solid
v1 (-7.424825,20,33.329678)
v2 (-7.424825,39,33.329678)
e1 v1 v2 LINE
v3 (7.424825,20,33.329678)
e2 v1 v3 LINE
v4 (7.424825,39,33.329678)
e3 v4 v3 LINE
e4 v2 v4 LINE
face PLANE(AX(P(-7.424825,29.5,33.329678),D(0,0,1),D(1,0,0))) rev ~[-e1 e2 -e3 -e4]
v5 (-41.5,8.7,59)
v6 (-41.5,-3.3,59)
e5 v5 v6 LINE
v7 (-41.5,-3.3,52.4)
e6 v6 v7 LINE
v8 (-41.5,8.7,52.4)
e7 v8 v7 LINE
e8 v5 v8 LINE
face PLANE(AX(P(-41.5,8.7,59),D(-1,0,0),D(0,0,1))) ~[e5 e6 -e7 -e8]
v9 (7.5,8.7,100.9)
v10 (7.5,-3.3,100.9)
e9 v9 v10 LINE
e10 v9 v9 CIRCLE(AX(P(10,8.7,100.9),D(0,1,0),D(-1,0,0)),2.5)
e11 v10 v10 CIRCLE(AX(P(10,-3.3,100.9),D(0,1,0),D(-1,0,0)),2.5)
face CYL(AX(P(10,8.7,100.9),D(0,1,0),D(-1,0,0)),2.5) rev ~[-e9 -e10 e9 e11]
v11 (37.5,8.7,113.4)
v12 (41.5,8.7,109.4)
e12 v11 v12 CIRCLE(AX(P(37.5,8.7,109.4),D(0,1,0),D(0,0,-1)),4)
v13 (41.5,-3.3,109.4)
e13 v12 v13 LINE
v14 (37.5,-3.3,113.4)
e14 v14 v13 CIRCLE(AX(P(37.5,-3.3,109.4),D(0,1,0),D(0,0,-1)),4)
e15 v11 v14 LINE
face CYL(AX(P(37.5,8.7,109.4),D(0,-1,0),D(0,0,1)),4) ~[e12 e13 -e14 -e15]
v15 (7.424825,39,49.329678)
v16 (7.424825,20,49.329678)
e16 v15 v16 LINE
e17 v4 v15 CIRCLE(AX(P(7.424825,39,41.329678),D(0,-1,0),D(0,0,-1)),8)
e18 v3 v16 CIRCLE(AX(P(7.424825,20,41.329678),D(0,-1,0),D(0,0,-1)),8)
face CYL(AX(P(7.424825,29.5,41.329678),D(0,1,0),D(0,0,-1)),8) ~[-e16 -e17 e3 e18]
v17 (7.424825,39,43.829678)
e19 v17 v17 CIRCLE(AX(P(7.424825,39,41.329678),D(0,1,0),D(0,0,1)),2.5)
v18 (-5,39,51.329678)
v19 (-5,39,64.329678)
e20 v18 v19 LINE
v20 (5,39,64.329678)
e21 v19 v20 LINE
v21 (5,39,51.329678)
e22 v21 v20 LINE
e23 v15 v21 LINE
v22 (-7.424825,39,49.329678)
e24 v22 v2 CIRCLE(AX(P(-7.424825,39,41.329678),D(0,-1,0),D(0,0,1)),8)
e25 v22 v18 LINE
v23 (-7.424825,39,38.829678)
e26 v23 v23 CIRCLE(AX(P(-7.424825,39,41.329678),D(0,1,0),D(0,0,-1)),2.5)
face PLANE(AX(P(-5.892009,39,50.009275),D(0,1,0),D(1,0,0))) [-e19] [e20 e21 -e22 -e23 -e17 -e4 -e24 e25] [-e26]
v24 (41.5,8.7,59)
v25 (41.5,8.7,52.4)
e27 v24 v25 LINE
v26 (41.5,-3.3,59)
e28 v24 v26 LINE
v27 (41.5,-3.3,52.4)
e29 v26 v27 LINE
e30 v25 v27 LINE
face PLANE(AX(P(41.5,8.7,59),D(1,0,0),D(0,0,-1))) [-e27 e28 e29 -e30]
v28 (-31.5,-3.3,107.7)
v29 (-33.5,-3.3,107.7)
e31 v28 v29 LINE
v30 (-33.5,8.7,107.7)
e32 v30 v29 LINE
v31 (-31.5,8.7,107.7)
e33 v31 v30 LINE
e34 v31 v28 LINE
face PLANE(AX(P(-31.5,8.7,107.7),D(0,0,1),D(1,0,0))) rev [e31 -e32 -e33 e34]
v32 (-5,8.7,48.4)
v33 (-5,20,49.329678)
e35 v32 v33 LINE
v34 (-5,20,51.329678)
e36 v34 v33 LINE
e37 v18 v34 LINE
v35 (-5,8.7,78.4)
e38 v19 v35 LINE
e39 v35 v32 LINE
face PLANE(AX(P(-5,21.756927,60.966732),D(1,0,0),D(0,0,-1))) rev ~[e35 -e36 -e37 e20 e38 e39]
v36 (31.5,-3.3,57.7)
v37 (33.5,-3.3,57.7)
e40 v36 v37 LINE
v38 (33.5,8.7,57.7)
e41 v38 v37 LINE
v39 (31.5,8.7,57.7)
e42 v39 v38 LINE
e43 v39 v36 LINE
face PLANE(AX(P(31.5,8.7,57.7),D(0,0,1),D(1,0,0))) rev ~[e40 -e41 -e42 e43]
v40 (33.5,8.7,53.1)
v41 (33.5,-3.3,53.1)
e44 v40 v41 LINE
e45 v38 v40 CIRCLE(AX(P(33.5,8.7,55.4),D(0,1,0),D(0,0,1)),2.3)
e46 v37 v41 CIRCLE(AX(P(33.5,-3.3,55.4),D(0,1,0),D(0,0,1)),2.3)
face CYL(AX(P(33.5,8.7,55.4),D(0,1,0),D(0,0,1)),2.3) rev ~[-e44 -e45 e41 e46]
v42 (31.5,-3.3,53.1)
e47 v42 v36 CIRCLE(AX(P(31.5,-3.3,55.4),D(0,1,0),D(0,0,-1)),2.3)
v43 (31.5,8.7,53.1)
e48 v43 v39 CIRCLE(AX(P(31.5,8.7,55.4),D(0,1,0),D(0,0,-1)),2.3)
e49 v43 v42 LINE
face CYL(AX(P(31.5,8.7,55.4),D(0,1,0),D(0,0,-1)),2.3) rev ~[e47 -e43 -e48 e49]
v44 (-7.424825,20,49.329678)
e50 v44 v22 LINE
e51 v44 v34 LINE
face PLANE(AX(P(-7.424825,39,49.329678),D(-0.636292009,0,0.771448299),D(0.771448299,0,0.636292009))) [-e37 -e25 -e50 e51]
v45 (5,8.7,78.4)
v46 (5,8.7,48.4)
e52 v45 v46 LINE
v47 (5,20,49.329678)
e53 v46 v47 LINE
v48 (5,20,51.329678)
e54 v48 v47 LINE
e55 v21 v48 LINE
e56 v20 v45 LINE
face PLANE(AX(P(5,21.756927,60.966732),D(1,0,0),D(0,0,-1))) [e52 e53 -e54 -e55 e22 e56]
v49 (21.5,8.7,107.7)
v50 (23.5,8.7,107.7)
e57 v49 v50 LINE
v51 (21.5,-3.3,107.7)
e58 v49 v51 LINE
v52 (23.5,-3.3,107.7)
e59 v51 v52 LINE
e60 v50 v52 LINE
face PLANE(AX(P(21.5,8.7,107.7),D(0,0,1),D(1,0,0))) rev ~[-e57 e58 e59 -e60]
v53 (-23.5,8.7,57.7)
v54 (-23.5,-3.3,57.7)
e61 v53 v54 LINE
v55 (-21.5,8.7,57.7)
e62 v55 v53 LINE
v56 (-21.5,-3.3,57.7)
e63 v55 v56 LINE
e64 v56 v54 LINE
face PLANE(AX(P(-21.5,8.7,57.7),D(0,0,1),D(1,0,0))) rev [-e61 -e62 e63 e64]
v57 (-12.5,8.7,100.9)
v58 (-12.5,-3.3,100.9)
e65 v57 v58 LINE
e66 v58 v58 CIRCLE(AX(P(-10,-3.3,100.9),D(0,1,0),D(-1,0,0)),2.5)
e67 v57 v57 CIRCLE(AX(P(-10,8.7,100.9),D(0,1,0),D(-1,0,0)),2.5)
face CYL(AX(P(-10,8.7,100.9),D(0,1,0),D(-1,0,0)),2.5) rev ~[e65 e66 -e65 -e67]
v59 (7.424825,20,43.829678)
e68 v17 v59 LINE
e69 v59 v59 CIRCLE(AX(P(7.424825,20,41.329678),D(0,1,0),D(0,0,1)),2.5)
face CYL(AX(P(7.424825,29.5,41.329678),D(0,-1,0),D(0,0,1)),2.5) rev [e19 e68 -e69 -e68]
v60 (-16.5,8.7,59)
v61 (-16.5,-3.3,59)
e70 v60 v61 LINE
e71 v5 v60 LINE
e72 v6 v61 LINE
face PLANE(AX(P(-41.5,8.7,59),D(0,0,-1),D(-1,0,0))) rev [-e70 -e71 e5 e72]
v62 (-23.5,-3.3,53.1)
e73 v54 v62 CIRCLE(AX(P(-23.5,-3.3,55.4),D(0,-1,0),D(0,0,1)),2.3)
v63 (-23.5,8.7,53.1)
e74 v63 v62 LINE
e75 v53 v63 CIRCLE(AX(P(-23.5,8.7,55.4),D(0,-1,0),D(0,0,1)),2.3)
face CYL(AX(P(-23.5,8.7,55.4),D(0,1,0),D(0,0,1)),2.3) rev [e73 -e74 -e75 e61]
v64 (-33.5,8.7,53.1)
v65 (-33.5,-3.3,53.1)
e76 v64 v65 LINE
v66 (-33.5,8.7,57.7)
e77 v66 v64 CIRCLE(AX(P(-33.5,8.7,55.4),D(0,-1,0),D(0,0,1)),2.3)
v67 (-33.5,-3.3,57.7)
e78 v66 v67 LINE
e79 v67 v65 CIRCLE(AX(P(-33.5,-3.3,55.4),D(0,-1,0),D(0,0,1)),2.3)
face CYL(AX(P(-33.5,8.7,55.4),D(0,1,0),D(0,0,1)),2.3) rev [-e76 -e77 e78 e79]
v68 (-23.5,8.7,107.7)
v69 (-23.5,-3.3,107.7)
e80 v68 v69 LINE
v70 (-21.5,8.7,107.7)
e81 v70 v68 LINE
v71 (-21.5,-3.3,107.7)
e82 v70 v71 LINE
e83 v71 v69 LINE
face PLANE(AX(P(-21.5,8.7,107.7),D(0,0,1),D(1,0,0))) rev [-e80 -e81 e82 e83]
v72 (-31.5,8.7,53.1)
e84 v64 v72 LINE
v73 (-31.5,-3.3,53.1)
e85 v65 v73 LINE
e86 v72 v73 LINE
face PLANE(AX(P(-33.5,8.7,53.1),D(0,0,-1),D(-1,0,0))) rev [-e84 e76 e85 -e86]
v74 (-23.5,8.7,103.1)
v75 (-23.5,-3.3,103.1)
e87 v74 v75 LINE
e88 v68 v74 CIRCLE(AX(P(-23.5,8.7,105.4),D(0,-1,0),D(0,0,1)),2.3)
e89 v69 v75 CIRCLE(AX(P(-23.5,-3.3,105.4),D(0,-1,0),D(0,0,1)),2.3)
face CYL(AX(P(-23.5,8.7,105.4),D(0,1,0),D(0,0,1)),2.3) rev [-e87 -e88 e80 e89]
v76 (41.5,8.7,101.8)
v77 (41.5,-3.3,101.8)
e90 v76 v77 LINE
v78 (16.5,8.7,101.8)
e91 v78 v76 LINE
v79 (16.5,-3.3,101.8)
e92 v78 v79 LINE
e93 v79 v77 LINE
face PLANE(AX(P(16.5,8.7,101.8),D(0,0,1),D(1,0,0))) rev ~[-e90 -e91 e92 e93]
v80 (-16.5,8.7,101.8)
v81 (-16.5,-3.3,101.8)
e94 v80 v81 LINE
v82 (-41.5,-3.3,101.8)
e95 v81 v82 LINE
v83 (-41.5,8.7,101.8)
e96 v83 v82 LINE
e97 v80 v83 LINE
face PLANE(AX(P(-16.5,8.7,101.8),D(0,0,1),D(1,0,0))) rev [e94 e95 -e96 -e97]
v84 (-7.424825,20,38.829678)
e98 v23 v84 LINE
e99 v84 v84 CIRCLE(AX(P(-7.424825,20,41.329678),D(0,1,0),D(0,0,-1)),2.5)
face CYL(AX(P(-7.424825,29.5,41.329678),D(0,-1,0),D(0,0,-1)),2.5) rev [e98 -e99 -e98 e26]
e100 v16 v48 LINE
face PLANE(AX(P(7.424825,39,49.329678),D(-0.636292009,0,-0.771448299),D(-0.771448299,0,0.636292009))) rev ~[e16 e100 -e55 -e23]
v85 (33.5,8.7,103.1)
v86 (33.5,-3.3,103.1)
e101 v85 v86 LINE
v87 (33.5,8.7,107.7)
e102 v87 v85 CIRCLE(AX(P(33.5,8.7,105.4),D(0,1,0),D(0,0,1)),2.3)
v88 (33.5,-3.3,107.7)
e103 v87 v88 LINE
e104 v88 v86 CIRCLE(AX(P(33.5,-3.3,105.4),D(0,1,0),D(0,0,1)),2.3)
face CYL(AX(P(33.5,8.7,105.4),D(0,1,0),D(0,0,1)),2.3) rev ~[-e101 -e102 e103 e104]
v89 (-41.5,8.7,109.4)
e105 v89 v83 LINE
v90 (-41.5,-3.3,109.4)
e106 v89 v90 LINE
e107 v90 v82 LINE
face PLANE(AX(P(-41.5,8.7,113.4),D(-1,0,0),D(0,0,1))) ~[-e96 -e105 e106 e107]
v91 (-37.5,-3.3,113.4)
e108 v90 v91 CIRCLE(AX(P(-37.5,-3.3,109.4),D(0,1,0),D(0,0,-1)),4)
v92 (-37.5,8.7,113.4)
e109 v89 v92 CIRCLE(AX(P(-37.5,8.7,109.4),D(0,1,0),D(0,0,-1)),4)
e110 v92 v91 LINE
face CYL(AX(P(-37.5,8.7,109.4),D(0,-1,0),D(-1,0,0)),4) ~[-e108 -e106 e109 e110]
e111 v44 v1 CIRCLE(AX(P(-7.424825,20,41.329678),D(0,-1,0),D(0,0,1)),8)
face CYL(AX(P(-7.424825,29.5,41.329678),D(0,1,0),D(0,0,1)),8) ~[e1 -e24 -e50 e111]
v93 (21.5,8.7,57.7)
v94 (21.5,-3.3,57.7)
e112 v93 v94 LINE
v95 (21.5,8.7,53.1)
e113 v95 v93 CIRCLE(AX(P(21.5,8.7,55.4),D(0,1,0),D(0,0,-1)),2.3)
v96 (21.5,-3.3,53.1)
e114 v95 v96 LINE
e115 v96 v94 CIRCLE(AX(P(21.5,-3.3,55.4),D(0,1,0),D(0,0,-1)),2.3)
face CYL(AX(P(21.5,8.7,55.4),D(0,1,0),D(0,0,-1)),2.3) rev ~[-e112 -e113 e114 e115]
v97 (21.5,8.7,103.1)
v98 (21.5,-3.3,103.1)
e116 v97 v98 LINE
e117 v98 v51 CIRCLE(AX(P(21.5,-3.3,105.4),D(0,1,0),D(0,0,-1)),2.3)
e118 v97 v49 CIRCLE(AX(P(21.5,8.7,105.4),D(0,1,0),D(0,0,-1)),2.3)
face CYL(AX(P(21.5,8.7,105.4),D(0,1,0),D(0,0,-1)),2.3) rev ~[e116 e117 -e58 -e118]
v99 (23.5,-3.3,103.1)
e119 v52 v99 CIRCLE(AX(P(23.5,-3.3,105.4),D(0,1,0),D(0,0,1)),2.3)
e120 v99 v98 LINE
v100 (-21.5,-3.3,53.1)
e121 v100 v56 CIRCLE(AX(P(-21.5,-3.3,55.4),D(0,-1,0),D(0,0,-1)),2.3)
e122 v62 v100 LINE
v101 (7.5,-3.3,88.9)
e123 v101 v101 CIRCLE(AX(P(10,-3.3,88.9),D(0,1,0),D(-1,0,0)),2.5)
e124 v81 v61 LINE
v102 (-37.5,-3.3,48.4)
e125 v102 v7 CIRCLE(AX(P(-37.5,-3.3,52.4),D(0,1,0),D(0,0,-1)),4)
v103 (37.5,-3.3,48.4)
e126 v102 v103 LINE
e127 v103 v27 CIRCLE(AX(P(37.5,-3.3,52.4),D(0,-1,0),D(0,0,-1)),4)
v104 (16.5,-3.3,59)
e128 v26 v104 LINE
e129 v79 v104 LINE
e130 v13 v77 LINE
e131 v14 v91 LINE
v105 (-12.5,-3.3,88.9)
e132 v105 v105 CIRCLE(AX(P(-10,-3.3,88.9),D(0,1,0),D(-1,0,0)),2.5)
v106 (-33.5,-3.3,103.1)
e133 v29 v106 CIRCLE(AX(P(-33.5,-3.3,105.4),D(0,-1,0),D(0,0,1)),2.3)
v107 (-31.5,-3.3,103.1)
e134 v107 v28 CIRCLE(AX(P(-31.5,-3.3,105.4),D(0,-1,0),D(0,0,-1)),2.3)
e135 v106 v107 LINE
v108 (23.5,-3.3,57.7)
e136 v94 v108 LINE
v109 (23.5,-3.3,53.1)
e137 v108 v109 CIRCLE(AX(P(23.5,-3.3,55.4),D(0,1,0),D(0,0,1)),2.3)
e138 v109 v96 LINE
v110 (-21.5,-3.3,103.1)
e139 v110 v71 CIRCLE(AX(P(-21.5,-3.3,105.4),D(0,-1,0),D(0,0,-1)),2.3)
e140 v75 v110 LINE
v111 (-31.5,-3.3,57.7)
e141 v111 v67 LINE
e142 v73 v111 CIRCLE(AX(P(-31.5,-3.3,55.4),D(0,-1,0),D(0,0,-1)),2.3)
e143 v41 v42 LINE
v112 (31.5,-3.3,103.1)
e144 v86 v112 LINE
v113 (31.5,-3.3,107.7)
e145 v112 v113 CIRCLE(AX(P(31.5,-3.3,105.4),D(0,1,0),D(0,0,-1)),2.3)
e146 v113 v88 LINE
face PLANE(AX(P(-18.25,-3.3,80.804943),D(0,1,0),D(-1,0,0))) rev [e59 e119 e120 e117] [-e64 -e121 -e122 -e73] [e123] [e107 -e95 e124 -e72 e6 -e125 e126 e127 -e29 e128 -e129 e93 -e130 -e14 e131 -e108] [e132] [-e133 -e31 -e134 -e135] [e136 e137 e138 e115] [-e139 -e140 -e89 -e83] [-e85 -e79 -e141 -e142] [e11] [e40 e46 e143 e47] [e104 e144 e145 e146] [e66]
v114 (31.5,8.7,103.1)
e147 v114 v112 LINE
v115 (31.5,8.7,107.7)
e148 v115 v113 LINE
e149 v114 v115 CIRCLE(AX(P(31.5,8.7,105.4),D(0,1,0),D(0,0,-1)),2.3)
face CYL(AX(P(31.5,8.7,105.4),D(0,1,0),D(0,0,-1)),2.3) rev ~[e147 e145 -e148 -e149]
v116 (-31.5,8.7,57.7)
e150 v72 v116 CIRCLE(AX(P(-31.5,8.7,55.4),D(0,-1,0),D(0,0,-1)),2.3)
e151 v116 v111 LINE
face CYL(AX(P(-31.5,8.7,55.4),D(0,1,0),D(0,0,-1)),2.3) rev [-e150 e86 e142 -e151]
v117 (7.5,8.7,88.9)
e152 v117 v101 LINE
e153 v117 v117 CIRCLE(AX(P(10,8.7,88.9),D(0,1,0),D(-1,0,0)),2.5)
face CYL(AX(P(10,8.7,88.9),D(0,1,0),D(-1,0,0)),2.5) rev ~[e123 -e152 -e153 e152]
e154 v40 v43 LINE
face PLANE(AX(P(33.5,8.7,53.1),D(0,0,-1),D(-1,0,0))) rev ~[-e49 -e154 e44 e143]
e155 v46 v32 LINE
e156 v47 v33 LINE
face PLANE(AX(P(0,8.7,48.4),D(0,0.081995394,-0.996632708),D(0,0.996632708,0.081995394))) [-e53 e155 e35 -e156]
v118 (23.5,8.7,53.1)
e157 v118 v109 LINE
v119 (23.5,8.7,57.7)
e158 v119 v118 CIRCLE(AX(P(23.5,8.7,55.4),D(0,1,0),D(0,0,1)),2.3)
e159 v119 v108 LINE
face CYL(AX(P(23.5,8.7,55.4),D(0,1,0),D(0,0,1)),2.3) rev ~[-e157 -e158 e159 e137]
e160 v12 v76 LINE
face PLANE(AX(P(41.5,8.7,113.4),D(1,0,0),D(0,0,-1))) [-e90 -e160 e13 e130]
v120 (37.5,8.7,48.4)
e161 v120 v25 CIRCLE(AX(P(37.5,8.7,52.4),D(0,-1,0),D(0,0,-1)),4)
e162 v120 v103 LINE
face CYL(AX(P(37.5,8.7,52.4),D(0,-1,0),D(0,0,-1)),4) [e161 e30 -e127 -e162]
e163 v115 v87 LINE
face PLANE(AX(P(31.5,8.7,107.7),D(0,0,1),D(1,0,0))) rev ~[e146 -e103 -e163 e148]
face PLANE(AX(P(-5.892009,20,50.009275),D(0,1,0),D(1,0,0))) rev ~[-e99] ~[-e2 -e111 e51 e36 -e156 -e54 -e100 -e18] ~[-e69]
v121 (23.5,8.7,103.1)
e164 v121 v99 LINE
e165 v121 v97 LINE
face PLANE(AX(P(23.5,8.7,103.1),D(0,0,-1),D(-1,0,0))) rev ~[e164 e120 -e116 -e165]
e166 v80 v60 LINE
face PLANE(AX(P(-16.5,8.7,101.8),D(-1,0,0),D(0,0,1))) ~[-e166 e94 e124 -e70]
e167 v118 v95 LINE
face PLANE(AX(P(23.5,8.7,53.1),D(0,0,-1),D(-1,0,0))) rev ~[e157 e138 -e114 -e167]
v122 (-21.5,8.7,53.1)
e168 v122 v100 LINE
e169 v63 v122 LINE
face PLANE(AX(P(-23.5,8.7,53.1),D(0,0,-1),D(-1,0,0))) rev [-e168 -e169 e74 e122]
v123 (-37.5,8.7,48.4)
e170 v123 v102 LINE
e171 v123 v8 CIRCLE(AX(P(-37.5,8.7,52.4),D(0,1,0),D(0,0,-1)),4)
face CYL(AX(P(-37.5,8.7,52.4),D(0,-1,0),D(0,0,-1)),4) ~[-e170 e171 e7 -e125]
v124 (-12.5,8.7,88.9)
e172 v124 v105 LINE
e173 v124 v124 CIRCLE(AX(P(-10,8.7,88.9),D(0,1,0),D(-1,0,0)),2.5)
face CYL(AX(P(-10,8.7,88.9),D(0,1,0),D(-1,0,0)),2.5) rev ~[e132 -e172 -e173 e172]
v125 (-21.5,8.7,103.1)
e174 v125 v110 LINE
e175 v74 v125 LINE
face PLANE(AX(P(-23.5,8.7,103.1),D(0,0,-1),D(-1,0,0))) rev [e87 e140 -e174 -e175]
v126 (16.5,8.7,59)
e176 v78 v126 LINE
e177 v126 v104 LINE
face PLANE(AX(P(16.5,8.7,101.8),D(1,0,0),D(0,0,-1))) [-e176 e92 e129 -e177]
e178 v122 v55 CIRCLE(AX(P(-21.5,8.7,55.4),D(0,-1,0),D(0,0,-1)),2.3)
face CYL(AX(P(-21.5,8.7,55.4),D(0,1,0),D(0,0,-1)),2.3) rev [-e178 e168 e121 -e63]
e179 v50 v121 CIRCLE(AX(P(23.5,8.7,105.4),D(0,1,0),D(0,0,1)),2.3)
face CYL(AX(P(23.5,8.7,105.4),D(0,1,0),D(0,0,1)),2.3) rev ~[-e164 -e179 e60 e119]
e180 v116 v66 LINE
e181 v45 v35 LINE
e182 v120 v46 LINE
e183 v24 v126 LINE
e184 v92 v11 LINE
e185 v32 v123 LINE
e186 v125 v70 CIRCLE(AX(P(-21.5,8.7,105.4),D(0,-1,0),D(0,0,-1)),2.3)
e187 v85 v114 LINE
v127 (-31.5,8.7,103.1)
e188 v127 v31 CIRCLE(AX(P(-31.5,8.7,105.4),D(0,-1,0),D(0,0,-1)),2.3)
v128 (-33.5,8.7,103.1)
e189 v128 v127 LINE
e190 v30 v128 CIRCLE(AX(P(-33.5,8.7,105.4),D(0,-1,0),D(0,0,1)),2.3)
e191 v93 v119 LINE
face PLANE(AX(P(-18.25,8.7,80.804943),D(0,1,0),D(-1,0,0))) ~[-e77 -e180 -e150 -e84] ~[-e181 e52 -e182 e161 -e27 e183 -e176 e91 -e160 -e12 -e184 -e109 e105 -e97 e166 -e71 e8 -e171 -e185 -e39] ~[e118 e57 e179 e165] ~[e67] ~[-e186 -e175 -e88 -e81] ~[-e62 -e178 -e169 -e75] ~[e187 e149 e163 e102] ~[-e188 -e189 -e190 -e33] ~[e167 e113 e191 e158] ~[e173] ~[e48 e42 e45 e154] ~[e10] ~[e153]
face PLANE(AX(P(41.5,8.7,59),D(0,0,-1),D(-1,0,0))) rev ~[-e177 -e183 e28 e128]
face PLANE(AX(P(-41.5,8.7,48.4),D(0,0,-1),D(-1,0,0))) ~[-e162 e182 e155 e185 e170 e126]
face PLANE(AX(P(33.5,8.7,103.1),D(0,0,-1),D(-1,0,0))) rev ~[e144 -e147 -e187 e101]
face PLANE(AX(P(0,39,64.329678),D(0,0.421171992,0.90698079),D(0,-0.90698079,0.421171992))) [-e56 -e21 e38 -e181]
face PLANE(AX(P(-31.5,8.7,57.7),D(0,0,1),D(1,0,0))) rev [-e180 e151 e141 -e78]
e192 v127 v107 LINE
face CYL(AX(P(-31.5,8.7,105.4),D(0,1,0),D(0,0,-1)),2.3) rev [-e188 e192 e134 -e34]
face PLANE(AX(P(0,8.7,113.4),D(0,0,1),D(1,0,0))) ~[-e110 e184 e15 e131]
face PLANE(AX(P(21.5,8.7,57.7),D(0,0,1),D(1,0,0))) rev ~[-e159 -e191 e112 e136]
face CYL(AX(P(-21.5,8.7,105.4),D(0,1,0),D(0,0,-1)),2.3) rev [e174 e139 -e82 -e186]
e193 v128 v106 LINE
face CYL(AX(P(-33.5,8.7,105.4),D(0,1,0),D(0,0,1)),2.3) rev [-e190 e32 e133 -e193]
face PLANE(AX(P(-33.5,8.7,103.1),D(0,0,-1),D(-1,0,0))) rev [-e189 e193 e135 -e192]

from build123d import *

# Parameters (mm, degrees)
BOSS_EXTRU_1_DEPTH      = 12
ESQUISSE6_R             = 2.5
BOSS_EXTRU_2_DEPTH      = 9.5
BOSS_EXTRU_3_DEPTH      = 5
CONG_1_R                = 4
ESQUISSE8_R             = 2.5
ENL_V_MAT_EXTRU_1_DEPTH = 125.49859437
BOSS_EXTRU_4_DEPTH      = 19


with BuildPart() as part:
    # Esquisse1 → Boss.-Extru.1 (new body)
    with BuildSketch(Plane.XZ.offset(-8.7)):
        Polygon((38.5, 59), (41.5, 59), (41.5, 48.4), (0, 48.4), (0, 113.4), (41.5, 113.4), (41.5, 101.8), (38.5, 101.8), (16.5, 101.8), (16.5, 59), align=None)
        with BuildLine():
            Line((21.5, 57.7), (23.5, 57.7))
            ThreePointArc((23.5, 57.7), (25.8, 55.4), (23.5, 53.1))
            Line((23.5, 53.1), (21.5, 53.1))
            ThreePointArc((21.5, 53.1), (19.2, 55.4), (21.5, 57.7))
        make_face(mode=Mode.SUBTRACT)
        with BuildLine():
            Line((31.5, 57.7), (33.5, 57.7))
            ThreePointArc((33.5, 57.7), (35.8, 55.4), (33.5, 53.1))
            Line((33.5, 53.1), (31.5, 53.1))
            ThreePointArc((31.5, 53.1), (29.2, 55.4), (31.5, 57.7))
        make_face(mode=Mode.SUBTRACT)
        with BuildLine():
            Line((21.5, 107.7), (23.5, 107.7))
            ThreePointArc((23.5, 107.7), (25.8, 105.4), (23.5, 103.1))
            Line((23.5, 103.1), (21.5, 103.1))
            ThreePointArc((21.5, 103.1), (19.2, 105.4), (21.5, 107.7))
        make_face(mode=Mode.SUBTRACT)
        with BuildLine():
            Line((31.5, 107.7), (33.5, 107.7))
            ThreePointArc((33.5, 107.7), (35.8, 105.4), (33.5, 103.1))
            Line((33.5, 103.1), (31.5, 103.1))
            ThreePointArc((31.5, 103.1), (29.2, 105.4), (31.5, 107.7))
        make_face(mode=Mode.SUBTRACT)
    boss_extru_1 = extrude(amount=BOSS_EXTRU_1_DEPTH)

    # Symétrie1: Boss.-Extru.1 across plane
    add(boss_extru_1.mirror(Plane(origin=(0, 0, 0), x_dir=(0, 0, 1), z_dir=(1, 0, 0))))



with BuildPart() as body_2:
    # Esquisse6 → Boss.-Extru.2 (new, symmetric)
    with BuildSketch(Plane(origin=(0, 29.5, 0), x_dir=(1, 0, 0), z_dir=(0, 1, 0))):
        with BuildLine():
            Line((-7.424824728, -33.32967845), (7.424824728, -33.32967845))
            ThreePointArc((7.424824728, -33.32967845), (15.424824728, -41.32967845), (7.424824728, -49.32967845))
            Line((7.424824728, -49.32967845), (-7.424824728, -49.32967845))
            ThreePointArc((-7.424824728, -49.32967845), (-15.424824728, -41.32967845), (-7.424824728, -33.32967845))
        make_face()
        with Locations(Location((7.424824728, -41.32967845, 0), (0, 0, 270))):
            Circle(ESQUISSE6_R, mode=Mode.SUBTRACT)
        with Locations(Location((-7.424824728, -41.32967845, 0), (0, 0, 90))):
            Circle(ESQUISSE6_R, mode=Mode.SUBTRACT)
    extrude(amount=BOSS_EXTRU_2_DEPTH, both=True)


with BuildPart() as part_1:
    add(part.part)

    add(body_2.part)  # Boss.-Extru.3 merges body 2
    # Esquisse7 → Boss.-Extru.3 (add, symmetric)
    with BuildSketch(Plane(origin=(0, 0, 0), x_dir=(0, 0, -1), z_dir=(1, 0, 0))):
        Polygon((-49.32967845, 20), (-49.32967845, 39), (-64.32967845, 39), (-78.4, 8.7), (-48.4, 8.7), align=None)
    extrude(amount=BOSS_EXTRU_3_DEPTH, both=True)

    # Congé1
    cong_1_edges = [part_1.edges().sort_by_distance(p)[0] for p in [
        (41.5, 2.7, 48.4),
        (41.5, 2.7, 113.4),
        (-41.5, 2.7, 48.4),
        (-41.5, 2.7, 113.4),
    ]]
    fillet(cong_1_edges, radius=CONG_1_R)

    # Esquisse8 → Enlèv. mat.-Extru.1 (cut, through all)
    with BuildSketch(Plane(origin=(0, 8.7, 0), x_dir=(1, 0, 0), z_dir=(0, 1, 0))):
        with Locations(Location((-10, -88.9, 0), (0, 0, 180))):
            Circle(ESQUISSE8_R)
        with Locations(Location((-10, -100.9, 0), (0, 0, 180))):
            Circle(ESQUISSE8_R)
        with Locations(Location((10, -100.9, 0), (0, 0, 180))):
            Circle(ESQUISSE8_R)
        with Locations(Location((10, -88.9, 0), (0, 0, 180))):
            Circle(ESQUISSE8_R)
    extrude(amount=-ENL_V_MAT_EXTRU_1_DEPTH, mode=Mode.SUBTRACT)

    # Esquisse9 → Boss.-Extru.4 (add)
    with BuildSketch(Plane(origin=(0, 39, 0), x_dir=(1, 0, 0), z_dir=(0, 1, 0))):
        Polygon((-7.424824728, -49.32967845), (-5, -51.32967845), (-5, -49.32967845), align=None)
        Polygon((5, -51.32967845), (5, -49.32967845), (7.424824728, -49.32967845), align=None)
    extrude(amount=-BOSS_EXTRU_4_DEPTH)


solid = part_1.part
